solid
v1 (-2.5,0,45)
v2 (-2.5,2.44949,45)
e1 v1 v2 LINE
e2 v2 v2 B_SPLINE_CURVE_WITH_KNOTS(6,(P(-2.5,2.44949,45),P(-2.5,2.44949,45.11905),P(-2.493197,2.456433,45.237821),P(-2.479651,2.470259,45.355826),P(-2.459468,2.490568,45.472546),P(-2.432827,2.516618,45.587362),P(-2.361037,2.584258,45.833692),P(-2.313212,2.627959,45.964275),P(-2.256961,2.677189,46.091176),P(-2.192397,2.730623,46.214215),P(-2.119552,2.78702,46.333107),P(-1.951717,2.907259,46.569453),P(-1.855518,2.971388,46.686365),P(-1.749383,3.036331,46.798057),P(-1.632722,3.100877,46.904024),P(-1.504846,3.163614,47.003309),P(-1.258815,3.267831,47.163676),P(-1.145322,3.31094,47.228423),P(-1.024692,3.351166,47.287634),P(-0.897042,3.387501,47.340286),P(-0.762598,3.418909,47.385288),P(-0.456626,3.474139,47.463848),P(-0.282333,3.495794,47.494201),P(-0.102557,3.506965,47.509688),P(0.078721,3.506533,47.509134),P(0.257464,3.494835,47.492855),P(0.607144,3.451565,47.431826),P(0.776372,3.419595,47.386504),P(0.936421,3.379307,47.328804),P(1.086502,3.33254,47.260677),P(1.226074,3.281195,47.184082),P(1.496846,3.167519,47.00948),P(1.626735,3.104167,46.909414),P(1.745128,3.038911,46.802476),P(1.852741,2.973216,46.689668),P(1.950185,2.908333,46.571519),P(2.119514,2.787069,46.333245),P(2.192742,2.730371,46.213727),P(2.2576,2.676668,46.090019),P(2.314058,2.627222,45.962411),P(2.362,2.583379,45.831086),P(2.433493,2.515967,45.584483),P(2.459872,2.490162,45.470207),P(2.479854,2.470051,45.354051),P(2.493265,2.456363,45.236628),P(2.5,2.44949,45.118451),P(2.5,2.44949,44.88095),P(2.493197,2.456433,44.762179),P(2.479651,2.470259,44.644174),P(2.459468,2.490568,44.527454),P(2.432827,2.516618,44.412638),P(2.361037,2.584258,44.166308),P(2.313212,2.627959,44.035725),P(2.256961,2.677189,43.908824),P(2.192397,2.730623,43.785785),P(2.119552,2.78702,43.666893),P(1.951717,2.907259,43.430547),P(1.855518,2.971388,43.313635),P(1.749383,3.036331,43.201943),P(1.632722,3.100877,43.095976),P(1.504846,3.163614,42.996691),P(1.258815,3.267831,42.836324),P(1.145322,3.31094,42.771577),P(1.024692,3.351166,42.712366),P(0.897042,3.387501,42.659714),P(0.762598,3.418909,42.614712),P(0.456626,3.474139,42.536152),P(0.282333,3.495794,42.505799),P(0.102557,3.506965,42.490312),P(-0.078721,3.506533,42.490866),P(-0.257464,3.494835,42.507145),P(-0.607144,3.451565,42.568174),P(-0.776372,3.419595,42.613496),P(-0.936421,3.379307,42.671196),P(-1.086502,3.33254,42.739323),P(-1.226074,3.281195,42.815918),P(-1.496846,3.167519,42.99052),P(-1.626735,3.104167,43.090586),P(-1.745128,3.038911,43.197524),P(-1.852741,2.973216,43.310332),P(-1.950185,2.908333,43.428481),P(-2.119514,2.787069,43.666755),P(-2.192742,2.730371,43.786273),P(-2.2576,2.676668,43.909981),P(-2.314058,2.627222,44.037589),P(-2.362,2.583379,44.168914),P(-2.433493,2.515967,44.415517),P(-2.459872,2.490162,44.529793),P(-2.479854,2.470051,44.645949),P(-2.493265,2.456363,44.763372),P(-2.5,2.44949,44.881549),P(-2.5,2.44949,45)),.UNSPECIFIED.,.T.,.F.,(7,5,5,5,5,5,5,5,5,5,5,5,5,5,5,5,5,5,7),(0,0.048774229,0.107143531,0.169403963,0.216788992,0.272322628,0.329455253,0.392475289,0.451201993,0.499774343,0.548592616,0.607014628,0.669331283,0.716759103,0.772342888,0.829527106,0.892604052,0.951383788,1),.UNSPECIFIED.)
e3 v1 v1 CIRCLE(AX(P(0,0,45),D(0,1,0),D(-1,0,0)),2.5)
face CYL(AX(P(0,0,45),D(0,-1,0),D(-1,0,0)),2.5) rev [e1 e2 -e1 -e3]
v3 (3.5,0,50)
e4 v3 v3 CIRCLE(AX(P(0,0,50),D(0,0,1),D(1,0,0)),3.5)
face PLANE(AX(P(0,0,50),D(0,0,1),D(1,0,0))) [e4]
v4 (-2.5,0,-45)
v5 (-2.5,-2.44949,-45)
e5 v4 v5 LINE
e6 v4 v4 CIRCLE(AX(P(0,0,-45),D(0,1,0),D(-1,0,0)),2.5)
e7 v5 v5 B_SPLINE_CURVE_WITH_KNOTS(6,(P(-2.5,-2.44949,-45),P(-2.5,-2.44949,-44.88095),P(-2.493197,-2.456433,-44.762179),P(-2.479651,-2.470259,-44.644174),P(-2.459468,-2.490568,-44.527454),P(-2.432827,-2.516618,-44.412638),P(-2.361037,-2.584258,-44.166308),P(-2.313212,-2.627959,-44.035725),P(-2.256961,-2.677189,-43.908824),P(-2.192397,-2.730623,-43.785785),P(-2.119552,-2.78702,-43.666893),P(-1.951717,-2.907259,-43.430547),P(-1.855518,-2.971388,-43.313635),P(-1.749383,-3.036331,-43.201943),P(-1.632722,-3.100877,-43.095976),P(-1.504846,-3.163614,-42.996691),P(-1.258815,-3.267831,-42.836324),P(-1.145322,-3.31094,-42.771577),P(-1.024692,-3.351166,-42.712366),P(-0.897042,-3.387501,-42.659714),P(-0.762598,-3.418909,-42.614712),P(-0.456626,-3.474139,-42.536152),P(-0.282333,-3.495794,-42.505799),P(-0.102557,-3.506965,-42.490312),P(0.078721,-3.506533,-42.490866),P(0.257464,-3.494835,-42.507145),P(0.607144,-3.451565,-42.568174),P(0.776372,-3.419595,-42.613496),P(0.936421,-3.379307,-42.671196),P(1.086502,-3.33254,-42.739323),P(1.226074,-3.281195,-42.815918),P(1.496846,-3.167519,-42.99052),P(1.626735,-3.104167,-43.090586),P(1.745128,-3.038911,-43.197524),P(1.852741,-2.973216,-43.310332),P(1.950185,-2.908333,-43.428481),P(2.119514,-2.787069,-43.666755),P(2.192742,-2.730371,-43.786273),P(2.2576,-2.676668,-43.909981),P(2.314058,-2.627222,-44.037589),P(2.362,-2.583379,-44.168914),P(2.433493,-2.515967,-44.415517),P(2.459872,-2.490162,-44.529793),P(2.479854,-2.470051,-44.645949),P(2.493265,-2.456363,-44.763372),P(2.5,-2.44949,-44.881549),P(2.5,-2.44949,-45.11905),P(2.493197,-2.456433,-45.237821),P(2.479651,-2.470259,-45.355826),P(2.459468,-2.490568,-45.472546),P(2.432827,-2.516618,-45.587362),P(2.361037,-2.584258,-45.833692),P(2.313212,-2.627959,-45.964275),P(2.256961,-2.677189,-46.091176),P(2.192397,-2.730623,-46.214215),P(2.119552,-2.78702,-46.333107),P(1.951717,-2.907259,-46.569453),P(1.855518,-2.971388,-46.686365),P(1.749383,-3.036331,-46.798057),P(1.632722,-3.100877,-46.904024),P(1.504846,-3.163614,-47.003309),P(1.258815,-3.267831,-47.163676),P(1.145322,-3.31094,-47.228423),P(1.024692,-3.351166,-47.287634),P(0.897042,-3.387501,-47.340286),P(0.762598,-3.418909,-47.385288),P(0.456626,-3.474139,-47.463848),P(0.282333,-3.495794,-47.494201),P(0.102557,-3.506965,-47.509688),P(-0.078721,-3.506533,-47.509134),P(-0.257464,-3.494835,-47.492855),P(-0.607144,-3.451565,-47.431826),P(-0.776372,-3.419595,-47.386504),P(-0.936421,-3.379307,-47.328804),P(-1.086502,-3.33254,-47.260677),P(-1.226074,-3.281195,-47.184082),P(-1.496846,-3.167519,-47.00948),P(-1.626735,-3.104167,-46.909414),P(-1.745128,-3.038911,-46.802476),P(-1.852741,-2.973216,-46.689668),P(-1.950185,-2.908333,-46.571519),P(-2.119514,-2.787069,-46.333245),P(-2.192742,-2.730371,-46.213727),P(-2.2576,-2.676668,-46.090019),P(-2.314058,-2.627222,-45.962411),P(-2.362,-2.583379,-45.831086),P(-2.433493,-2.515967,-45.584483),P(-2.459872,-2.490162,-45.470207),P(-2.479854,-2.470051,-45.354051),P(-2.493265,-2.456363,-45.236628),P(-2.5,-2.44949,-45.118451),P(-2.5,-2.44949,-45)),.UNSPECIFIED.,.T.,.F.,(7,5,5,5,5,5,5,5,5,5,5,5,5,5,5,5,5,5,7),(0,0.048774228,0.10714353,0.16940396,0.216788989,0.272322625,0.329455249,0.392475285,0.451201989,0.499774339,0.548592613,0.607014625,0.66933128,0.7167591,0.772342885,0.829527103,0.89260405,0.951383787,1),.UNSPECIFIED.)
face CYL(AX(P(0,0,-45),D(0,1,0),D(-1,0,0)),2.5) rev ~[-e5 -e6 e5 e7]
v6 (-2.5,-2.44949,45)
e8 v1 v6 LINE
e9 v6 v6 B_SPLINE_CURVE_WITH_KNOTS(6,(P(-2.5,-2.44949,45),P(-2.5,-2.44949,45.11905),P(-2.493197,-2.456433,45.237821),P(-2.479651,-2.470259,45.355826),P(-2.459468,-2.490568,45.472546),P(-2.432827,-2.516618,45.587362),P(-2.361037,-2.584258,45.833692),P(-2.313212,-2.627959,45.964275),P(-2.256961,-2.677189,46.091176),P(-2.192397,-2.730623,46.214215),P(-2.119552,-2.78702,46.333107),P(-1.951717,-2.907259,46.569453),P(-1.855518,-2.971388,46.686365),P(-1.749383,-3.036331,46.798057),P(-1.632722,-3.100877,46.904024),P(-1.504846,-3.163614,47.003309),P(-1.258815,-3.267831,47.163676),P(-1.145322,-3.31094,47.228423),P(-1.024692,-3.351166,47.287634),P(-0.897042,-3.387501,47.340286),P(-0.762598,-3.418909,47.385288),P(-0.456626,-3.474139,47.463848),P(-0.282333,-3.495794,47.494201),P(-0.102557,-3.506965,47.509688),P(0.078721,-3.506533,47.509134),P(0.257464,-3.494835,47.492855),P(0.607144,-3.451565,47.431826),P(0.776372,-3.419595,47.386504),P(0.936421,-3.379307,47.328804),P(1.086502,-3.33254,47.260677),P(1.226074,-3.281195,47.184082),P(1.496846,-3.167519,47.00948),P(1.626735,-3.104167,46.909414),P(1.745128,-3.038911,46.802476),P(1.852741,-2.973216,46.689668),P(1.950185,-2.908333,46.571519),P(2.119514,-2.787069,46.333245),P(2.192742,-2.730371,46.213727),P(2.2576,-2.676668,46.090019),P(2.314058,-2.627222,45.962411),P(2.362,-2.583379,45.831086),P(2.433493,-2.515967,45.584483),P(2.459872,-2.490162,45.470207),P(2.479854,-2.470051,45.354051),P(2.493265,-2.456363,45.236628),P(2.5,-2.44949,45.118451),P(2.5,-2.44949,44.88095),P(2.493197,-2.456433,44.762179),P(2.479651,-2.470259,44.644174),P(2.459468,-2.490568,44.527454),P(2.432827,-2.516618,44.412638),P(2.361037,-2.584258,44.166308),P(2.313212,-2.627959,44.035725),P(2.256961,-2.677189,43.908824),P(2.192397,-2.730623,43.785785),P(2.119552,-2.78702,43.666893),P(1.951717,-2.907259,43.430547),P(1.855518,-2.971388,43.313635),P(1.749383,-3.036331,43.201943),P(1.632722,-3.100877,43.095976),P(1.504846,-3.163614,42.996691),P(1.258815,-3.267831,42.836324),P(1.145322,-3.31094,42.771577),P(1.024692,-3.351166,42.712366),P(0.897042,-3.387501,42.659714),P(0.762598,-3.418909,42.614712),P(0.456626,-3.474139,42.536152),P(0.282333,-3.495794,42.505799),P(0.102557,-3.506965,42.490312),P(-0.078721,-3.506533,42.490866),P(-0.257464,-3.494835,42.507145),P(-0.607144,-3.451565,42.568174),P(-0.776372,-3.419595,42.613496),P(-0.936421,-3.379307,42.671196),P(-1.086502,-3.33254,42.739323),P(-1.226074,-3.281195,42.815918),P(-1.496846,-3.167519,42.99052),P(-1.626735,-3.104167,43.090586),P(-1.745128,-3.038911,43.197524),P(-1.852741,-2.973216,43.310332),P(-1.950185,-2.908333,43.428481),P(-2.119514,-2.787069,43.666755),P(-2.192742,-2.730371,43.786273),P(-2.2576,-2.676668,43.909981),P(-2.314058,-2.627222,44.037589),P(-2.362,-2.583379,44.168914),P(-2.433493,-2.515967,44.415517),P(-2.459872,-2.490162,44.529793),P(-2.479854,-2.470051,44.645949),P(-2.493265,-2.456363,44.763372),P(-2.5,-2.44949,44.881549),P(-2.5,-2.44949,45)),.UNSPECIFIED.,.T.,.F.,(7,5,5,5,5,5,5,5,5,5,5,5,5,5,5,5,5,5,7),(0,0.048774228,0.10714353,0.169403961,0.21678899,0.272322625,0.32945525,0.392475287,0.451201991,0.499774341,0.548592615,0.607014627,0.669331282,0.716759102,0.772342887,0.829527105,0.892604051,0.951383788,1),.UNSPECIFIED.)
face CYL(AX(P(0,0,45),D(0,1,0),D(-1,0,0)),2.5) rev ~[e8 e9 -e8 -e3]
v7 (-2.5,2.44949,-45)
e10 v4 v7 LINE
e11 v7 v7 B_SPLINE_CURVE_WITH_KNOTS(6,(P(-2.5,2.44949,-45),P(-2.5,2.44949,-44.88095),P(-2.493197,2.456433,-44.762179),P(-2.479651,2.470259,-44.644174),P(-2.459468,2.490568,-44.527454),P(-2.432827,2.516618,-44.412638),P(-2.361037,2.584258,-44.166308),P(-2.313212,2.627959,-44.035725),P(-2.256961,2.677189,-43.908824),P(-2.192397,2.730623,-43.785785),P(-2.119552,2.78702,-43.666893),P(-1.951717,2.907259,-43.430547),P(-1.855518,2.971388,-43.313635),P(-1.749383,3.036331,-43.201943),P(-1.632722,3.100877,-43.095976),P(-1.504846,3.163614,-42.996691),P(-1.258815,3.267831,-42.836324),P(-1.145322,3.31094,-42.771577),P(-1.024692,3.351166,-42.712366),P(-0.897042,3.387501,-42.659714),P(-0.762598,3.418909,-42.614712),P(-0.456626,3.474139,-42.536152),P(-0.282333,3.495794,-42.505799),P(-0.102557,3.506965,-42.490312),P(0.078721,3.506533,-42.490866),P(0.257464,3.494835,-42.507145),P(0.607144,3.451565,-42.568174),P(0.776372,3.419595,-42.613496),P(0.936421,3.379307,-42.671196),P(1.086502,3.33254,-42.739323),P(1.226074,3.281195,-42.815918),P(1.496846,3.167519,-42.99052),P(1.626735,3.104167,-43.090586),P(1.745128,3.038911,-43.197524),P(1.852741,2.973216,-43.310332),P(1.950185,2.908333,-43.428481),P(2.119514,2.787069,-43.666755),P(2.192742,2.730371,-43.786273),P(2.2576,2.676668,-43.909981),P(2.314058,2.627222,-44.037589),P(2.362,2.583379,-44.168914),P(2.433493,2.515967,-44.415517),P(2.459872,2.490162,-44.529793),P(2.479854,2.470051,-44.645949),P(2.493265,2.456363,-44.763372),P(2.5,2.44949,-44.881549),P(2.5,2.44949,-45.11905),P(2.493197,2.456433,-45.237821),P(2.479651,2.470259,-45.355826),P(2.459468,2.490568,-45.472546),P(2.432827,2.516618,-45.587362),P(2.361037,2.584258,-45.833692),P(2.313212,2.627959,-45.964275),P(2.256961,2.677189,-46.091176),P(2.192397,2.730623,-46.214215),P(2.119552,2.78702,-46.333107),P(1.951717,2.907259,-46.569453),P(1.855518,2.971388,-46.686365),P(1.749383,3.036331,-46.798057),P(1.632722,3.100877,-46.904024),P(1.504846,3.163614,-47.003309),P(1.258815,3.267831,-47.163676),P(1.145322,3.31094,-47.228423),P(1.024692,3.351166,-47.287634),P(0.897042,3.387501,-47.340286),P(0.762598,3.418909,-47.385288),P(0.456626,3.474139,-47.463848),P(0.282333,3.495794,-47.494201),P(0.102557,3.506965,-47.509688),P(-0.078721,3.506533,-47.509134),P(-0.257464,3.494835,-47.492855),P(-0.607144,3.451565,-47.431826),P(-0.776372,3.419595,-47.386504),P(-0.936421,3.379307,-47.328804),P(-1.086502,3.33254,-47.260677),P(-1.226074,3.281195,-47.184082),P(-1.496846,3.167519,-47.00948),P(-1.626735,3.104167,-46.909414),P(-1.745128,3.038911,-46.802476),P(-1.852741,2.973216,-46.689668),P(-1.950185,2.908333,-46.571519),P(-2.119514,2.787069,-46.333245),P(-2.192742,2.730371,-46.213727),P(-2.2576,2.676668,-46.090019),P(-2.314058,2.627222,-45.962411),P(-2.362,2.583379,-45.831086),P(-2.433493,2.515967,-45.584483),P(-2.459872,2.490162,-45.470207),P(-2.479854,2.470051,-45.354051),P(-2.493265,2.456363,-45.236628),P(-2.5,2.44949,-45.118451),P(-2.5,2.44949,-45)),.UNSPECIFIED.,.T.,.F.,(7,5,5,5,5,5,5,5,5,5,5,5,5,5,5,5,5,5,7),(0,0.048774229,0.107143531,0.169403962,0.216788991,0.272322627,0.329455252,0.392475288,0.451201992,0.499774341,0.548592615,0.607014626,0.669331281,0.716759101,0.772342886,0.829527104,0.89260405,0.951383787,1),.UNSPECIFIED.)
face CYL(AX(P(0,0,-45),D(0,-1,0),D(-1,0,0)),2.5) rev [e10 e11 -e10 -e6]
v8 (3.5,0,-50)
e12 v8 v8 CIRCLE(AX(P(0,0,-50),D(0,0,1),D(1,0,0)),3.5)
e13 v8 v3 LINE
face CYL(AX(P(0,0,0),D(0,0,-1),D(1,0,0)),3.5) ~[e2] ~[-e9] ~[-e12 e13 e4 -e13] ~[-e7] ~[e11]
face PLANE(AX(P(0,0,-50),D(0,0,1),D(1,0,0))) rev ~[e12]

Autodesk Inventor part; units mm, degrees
ref_plane "YZ Plane" through (0, 0, 0) normal (1, 0, 0) x (0, 1, 0)
ref_plane "XZ Plane" through (0, 0, 0) normal (0, 1, 0) x (-1, 0, 0)
ref_plane "XY Plane" through (0, 0, 0) normal (0, 0, 1) x (1, 0, 0)
sketch "Sketch1" plane through (0, 0, 0) normal (0, 0, 1) x (1, 0, 0)
  circle A0 centre (0, 0) radius 3.5
  dimension "d0" = 7
extrude "Extrusion1" add sketch "Sketch1" along normal mid plane 100
sketch "Sketch2" plane through (0, 0, 0) normal (0, 1, 0) x (-1, 0, 0)
  circle A0 centre (0, 45) radius 2.5
  circle A1 centre (0, -45) radius 2.5
  point P0 (0, 0)
  dimension "d3" = 5
  dimension "d4" = 45
  dimension "d5" = 5
  dimension "d6" = 45
extrude "Extrusion2" cut sketch "Sketch2" along normal through all both and the other way through all
thread "Thread1" size "M5x0.8" class "6H" standard "ISO Metric profile" full length
thread "Thread2" size "M5x0.8" class "6H" standard "ISO Metric profile" full length
